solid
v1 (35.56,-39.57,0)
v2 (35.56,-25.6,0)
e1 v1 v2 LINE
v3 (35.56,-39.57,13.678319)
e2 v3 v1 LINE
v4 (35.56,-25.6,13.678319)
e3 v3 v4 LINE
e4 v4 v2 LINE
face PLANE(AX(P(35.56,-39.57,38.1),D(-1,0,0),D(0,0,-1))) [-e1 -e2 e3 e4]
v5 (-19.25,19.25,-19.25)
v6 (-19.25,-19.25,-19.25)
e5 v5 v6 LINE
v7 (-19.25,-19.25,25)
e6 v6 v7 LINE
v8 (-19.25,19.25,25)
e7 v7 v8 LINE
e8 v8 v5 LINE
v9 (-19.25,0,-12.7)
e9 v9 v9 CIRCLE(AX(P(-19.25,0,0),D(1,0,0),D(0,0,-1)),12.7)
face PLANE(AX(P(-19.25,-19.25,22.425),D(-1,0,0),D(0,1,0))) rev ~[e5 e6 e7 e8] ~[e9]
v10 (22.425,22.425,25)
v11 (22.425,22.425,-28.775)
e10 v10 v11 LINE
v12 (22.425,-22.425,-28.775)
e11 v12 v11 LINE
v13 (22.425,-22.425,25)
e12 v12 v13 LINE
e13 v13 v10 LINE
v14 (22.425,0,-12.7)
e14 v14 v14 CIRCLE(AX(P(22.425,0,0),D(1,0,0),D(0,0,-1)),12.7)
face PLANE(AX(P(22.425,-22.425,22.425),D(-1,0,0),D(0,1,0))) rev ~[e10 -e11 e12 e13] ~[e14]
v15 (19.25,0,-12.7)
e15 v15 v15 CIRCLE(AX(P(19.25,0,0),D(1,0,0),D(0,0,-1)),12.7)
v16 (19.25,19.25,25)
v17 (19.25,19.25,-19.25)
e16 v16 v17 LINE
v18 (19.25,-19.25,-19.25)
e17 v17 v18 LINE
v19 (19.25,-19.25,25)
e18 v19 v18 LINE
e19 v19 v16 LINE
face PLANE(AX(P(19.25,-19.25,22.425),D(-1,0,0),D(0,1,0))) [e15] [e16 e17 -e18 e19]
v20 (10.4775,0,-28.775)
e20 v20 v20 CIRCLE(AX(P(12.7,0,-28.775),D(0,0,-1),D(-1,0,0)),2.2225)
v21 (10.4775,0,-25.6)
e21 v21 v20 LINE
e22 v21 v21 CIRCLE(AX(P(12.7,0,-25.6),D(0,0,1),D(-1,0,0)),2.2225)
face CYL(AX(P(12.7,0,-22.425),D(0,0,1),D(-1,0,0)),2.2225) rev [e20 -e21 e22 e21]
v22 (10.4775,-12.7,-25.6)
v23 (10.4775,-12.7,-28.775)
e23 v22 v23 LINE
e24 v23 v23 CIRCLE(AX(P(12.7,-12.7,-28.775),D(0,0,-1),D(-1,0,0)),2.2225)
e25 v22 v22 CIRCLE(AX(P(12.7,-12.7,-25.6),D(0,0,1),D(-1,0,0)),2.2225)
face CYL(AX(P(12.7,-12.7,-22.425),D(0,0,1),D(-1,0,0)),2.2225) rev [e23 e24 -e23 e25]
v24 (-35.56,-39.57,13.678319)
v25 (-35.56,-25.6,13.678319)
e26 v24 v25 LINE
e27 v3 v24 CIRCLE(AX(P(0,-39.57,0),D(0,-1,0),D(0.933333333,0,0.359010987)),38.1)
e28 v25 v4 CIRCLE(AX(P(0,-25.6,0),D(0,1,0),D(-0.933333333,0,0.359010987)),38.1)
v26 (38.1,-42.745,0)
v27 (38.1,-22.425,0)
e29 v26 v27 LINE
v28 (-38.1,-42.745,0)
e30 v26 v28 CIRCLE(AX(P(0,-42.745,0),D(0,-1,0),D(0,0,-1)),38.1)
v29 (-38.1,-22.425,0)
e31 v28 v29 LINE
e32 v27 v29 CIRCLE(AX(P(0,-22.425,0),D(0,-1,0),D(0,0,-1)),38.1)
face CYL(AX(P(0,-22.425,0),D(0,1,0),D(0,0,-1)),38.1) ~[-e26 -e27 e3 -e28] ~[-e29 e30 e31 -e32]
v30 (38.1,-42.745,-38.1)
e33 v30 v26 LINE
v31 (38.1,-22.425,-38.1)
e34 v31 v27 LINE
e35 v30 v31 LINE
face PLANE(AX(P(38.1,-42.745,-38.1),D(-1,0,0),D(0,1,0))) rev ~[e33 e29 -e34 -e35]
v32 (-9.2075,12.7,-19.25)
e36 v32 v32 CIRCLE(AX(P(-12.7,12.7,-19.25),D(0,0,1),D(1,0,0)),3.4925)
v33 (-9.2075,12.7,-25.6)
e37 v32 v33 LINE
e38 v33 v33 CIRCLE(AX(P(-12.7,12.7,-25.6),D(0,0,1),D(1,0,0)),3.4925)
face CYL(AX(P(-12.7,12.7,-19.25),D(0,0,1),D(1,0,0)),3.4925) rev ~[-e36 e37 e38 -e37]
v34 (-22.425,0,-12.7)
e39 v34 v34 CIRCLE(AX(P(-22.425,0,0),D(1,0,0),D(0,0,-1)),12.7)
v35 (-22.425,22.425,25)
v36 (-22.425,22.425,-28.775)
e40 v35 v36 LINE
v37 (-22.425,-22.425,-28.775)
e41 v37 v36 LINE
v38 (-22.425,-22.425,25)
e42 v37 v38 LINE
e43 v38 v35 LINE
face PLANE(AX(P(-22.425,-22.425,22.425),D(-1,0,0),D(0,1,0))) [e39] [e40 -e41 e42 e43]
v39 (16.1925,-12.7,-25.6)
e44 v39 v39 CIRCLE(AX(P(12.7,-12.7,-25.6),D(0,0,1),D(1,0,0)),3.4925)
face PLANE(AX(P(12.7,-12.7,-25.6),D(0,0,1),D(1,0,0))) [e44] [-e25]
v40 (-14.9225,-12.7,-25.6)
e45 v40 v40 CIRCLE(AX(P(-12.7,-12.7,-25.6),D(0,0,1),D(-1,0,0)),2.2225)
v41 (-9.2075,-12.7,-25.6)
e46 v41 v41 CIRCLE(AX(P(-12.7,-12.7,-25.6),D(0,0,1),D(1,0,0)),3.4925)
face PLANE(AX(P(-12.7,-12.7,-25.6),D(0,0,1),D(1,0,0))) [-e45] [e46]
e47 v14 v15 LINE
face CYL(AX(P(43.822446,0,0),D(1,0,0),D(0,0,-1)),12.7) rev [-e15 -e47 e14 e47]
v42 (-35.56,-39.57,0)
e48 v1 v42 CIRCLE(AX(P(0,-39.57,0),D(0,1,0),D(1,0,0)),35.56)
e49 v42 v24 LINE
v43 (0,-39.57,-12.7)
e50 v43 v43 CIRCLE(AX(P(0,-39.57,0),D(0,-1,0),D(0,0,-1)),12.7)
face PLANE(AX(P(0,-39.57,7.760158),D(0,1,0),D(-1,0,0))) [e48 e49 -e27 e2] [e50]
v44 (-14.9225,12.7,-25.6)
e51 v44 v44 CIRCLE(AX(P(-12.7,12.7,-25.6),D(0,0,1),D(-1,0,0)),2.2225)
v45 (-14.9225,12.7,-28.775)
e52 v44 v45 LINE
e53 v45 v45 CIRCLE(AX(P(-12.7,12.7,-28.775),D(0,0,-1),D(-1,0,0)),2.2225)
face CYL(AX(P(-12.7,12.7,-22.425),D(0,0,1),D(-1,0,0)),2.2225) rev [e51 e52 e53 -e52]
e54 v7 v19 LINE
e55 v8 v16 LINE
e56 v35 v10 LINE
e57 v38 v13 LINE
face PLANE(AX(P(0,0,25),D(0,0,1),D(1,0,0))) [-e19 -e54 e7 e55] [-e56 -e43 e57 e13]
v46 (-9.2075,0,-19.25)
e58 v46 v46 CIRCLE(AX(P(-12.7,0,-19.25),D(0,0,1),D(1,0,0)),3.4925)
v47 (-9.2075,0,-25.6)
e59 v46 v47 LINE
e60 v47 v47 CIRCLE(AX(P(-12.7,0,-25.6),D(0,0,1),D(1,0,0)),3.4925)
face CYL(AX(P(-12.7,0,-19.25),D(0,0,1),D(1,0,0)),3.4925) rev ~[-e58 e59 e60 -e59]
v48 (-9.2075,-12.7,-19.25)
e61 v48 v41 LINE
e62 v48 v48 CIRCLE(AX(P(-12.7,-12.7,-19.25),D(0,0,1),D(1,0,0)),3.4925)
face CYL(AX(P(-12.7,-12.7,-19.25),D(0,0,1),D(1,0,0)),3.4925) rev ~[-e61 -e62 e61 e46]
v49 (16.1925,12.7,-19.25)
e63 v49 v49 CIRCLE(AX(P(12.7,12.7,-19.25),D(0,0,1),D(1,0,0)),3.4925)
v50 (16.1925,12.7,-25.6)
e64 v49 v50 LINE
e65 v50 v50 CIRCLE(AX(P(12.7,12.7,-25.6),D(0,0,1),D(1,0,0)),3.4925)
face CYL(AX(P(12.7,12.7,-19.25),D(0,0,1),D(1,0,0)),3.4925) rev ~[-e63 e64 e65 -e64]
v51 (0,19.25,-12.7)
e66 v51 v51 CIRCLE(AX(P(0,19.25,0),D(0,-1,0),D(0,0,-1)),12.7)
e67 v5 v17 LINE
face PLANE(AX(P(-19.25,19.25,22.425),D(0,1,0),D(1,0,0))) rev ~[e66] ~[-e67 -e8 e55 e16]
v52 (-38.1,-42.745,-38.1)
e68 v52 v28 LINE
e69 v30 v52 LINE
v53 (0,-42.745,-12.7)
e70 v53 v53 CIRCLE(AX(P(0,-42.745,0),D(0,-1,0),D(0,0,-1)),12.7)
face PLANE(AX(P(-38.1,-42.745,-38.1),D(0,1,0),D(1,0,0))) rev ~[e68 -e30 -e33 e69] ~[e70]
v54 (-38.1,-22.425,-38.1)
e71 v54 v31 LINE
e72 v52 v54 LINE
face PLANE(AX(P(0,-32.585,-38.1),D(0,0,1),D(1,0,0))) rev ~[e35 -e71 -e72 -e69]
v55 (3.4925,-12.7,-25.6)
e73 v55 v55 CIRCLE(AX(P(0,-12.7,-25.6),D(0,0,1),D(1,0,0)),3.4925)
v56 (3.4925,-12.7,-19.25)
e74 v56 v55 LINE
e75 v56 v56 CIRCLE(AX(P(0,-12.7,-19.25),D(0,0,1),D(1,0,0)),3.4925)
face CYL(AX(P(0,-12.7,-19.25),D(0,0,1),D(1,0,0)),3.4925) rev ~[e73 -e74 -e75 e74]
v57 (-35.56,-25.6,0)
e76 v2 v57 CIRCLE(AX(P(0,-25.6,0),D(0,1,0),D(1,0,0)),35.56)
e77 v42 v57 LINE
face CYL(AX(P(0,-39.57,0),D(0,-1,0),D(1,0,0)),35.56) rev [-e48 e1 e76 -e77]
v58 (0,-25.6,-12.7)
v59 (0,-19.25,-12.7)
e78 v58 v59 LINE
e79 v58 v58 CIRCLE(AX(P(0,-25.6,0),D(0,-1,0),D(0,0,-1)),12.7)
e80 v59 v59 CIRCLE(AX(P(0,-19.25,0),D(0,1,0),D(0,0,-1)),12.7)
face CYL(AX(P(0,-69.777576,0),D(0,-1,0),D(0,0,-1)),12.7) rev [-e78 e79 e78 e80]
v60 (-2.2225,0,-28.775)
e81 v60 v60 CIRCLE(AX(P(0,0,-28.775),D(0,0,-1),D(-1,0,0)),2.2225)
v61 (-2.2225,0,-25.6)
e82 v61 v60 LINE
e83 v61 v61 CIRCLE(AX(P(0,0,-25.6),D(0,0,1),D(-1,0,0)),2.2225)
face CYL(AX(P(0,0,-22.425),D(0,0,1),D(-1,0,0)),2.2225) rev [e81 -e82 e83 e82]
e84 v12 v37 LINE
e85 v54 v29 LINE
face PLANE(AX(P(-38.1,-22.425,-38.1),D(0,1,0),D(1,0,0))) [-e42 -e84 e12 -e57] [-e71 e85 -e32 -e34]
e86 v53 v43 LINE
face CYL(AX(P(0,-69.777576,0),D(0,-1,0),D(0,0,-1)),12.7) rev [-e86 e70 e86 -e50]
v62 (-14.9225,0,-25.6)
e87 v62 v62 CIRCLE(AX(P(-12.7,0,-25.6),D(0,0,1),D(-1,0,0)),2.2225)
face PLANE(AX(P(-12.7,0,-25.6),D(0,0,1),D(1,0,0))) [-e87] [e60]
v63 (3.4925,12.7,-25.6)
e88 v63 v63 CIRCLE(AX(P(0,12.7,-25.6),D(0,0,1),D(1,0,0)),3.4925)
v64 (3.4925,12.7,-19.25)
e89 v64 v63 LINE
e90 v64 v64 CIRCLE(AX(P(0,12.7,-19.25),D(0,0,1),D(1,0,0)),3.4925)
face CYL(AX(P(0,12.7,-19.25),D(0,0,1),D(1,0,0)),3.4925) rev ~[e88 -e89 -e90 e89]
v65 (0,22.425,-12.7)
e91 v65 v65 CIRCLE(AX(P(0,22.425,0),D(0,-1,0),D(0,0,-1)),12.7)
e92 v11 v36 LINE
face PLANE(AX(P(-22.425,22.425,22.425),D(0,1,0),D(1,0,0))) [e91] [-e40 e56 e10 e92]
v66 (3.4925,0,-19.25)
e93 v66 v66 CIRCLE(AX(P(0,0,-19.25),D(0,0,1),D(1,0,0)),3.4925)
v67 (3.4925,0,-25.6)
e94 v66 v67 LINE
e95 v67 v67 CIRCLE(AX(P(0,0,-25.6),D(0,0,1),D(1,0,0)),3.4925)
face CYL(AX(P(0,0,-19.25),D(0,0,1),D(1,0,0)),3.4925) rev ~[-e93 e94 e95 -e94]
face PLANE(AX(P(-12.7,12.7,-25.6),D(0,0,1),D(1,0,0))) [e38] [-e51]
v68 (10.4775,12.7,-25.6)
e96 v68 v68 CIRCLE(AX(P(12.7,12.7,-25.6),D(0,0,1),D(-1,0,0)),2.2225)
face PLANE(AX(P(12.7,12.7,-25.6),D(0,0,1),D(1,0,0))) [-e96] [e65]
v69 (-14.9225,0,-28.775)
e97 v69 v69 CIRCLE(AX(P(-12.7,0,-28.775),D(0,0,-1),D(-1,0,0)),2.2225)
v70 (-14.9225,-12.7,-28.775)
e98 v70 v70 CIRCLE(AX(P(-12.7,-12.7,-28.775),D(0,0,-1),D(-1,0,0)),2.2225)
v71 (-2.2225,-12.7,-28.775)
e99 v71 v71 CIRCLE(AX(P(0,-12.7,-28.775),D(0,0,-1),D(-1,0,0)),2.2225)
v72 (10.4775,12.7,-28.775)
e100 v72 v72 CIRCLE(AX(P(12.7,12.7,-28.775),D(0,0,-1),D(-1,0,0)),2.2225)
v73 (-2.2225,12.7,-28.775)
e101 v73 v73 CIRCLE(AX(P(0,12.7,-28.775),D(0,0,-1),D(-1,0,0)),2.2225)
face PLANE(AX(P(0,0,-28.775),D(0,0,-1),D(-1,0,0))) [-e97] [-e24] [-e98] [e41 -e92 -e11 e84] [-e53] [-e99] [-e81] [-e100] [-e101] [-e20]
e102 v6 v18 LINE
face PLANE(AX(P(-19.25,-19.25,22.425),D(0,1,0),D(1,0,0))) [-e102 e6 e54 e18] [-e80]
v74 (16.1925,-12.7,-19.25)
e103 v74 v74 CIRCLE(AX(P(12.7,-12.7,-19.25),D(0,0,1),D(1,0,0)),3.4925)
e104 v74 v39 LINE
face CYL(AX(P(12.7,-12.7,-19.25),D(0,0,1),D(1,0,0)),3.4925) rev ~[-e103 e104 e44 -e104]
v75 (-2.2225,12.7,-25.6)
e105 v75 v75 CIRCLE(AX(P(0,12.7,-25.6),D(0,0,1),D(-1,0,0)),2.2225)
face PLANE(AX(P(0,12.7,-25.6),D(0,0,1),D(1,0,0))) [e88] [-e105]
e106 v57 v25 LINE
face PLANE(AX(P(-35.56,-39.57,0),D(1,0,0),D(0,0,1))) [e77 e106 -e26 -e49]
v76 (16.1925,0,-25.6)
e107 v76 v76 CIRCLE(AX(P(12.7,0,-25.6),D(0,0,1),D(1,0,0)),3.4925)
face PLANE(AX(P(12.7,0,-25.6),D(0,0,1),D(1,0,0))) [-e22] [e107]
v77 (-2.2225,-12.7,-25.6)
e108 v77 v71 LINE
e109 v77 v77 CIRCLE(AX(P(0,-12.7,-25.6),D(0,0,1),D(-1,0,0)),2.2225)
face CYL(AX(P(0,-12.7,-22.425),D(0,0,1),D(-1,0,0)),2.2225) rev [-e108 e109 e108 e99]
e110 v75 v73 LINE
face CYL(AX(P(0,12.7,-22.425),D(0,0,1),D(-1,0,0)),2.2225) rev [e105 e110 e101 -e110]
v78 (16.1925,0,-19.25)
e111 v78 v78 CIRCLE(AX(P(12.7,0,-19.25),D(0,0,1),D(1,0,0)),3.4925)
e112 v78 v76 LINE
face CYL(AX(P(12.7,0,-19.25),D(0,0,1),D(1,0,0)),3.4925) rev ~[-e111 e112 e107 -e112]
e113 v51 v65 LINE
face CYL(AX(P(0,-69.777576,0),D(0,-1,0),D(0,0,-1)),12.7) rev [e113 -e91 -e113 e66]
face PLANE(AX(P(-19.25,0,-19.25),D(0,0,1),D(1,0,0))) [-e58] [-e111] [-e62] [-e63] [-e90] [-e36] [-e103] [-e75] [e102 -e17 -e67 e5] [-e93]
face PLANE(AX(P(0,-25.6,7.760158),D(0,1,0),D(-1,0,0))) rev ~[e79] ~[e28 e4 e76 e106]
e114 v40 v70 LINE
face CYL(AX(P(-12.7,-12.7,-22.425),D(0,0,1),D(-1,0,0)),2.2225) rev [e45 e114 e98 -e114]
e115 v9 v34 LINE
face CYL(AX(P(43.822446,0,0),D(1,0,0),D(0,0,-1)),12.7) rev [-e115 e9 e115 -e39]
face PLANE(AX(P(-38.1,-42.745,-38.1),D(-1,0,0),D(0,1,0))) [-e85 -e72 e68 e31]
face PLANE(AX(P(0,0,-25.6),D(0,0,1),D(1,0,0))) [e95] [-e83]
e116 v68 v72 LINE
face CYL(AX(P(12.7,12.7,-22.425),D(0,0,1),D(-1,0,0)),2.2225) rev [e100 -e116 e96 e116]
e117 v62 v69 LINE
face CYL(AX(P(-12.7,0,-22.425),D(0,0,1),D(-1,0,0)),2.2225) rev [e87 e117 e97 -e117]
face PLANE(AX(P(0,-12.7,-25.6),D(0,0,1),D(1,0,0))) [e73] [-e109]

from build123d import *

# Parameters (mm, degrees)
SKETCH1_W                 = 44.85
SKETCH1_H                 = 44.85
SKETCH1_W_2               = 38.5
SKETCH1_H_2               = 38.5
BOSS_EXTRUDE1_DEPTH       = 19.25
SKETCH2_W                 = 44.85
SKETCH2_H                 = 44.85
BOSS_EXTRUDE2_DEPTH       = 3.175
SKETCH3_W                 = 44.85
SKETCH3_H                 = 44.85
BOSS_EXTRUDE3_DEPTH       = 3.175
SKETCH5_R                 = 12.7
CUT_EXTRUDE1_DEPTH        = 3.175
SKETCH8_W                 = 44.85
SKETCH8_H                 = 44.85
SKETCH8_R                 = 2.2225
BOSS_EXTRUDE4_DEPTH       = 6.35
SKETCH9_R                 = 3.4925
CUT_EXTRUDE4_DEPTH        = 6.35
CUT_EXTRUDE5_REACH        = 62.226
SKETCH10_W                = 38.5
SKETCH10_H                = 38.5
SKETCH15_W                = 44.85
SKETCH15_H                = 44.85
SKETCH15_W_2              = 38.5
SKETCH15_H_2              = 38.5
BOSS_EXTRUDE8_DEPTH       = 2.575
CUT_EXTRUDE3_DEPTH        = 43.822445925
CUT_EXTRUDE3_DEPTH_BACK   = 43.822445925
SKETCH7_R                 = 12.7
SKETCH16_R                = 38.1
BOSS_EXTRUDE9_DEPTH       = 20.32
CUT_EXTRUDE2_DEPTH        = 69.777576469
CUT_EXTRUDE2_DEPTH_BACK   = 69.777576469
SKETCH6_R                 = 12.7
CUT_EXTRUDE6_START        = -3.175
CUT_EXTRUDE6_DEPTH        = 13.97
BOSS_EXTRUDE10_REACH      = 108.878
BOSS_EXTRUDE10_END_RADIUS = 38.1
BOSS_EXTRUDE10_START      = -38.1
SKETCH18_W                = 76.2
SKETCH18_H                = 20.32


with BuildPart() as part:
    # Sketch1 → Boss-Extrude1 (new, symmetric)
    with BuildSketch(Plane(origin=(0, 0, 0), x_dir=(1, 0, 0), z_dir=(0, 1, 0))):
        Rectangle(SKETCH1_W, SKETCH1_H)
        Rectangle(SKETCH1_W_2, SKETCH1_H_2, mode=Mode.SUBTRACT)
    extrude(amount=BOSS_EXTRUDE1_DEPTH, both=True)

    # Sketch2 → Boss-Extrude2 (add)
    with BuildSketch(Plane(origin=(0, 19.25, 0), x_dir=(1, 0, 0), z_dir=(0, 1, 0))):
        Rectangle(SKETCH2_W, SKETCH2_H)
    extrude(amount=BOSS_EXTRUDE2_DEPTH)

    # Sketch3 → Boss-Extrude3 (add)
    with BuildSketch(Plane.XZ.offset(19.25)):
        Rectangle(SKETCH3_W, SKETCH3_H)
    extrude(amount=BOSS_EXTRUDE3_DEPTH)

    # Sketch5 → Cut-Extrude1 (cut)
    with BuildSketch(Plane(origin=(0, -22.425, -22.425), x_dir=(1, 0, 0), z_dir=(0, 1, 0))):
        with Locations(Location((0, -22.425, 0), (0, 0, 90))):
            Circle(SKETCH5_R)
    extrude(amount=CUT_EXTRUDE1_DEPTH, mode=Mode.SUBTRACT)

    # Sketch8 → Boss-Extrude4 (add)
    with BuildSketch(Plane(origin=(0, 0, -22.425), x_dir=(-1, 0, 0), z_dir=(0, 0, -1))):
        Rectangle(SKETCH8_W, SKETCH8_H)
        with Locations((-12.7, 12.7)):
            Circle(SKETCH8_R, mode=Mode.SUBTRACT)
        with Locations((0, 12.7)):
            Circle(SKETCH8_R, mode=Mode.SUBTRACT)
        with Locations((12.7, 12.7)):
            Circle(SKETCH8_R, mode=Mode.SUBTRACT)
        Circle(SKETCH8_R, mode=Mode.SUBTRACT)
        with Locations((12.7, 0)):
            Circle(SKETCH8_R, mode=Mode.SUBTRACT)
        with Locations((0, -12.7)):
            Circle(SKETCH8_R, mode=Mode.SUBTRACT)
        with Locations((12.7, -12.7)):
            Circle(SKETCH8_R, mode=Mode.SUBTRACT)
        with Locations((-12.7, 0)):
            Circle(SKETCH8_R, mode=Mode.SUBTRACT)
        with Locations((-12.7, -12.7)):
            Circle(SKETCH8_R, mode=Mode.SUBTRACT)
    extrude(amount=BOSS_EXTRUDE4_DEPTH)

    # Sketch9 → Cut-Extrude4 (cut)
    with BuildSketch(Plane.XY.offset(-19.25)):
        with Locations((12.7, 12.7)):
            Circle(SKETCH9_R)
        with Locations((0, 12.7)):
            Circle(SKETCH9_R)
        with Locations((-12.7, 12.7)):
            Circle(SKETCH9_R)
        Circle(SKETCH9_R)
        with Locations((-12.7, 0)):
            Circle(SKETCH9_R)
        with Locations((0, -12.7)):
            Circle(SKETCH9_R)
        with Locations((-12.7, -12.7)):
            Circle(SKETCH9_R)
        with Locations((12.7, 0)):
            Circle(SKETCH9_R)
        with Locations((12.7, -12.7)):
            Circle(SKETCH9_R)
    extrude(amount=-CUT_EXTRUDE4_DEPTH, mode=Mode.SUBTRACT)

    # Sketch10 → Cut-Extrude5 (cut, up to next)
    with BuildSketch(Plane.XY.offset(22.425), mode=Mode.PRIVATE) as cut_extrude5_sk1:
        Rectangle(SKETCH10_W, SKETCH10_H)
    cut_extrude5_tool1 = extrude(cut_extrude5_sk1.sketch, amount=-CUT_EXTRUDE5_REACH, mode=Mode.PRIVATE) & part.part
    add(cut_extrude5_tool1.solids().sort_by_distance((0, 0, 22.425))[0], mode=Mode.SUBTRACT)

    # Sketch15 → Boss-Extrude8 (add)
    with BuildSketch(Plane.XY.offset(22.425)):
        Rectangle(SKETCH15_W, SKETCH15_H)
        Rectangle(SKETCH15_W_2, SKETCH15_H_2, mode=Mode.SUBTRACT)
    extrude(amount=BOSS_EXTRUDE8_DEPTH)

    # Sketch7 → Cut-Extrude3 (cut, two sides: drawn at the far end of the back side and taken through both)
    with BuildSketch(Plane.ZY.offset(-CUT_EXTRUDE3_DEPTH_BACK)):
        with Locations(Location((0, 0, 0), (0, 0, 180))):
            Circle(SKETCH7_R)
    extrude(amount=CUT_EXTRUDE3_DEPTH + CUT_EXTRUDE3_DEPTH_BACK, mode=Mode.SUBTRACT)

    # Sketch16 → Boss-Extrude9 (add)
    with BuildSketch(Plane.XZ.offset(22.425)):
        with Locations(Location((0, 0, 0), (0, 0, 270))):
            Circle(SKETCH16_R)
    extrude(amount=BOSS_EXTRUDE9_DEPTH)

    # Sketch6 → Cut-Extrude2 (cut, two sides: drawn at the far end of the back side and taken through both)
    with BuildSketch(Plane(origin=(0, 0, 0), x_dir=(1, 0, 0), z_dir=(0, 1, 0)).offset(-CUT_EXTRUDE2_DEPTH_BACK)):
        with Locations(Location((0, 0, 0), (0, 0, 90))):
            Circle(SKETCH6_R)
    extrude(amount=CUT_EXTRUDE2_DEPTH + CUT_EXTRUDE2_DEPTH_BACK, mode=Mode.SUBTRACT)

    # Sketch17 → Cut-Extrude6 (cut)
    with BuildSketch(Plane.XZ.offset(42.745).offset(CUT_EXTRUDE6_START)):
        with BuildLine():
            Line((-35.56, 0), (-35.56, 38.1))
            Line((-35.56, 38.1), (35.56, 38.1))
            Line((35.56, 38.1), (35.56, 0))
            ThreePointArc((35.56, 0), (0, -35.56), (-35.56, 0))
        make_face()
    extrude(amount=-CUT_EXTRUDE6_DEPTH, mode=Mode.SUBTRACT)

    # Boss-Extrude10: up to this cylinder (the profile starts outside it)
    boss_extrude10_end = Plane(origin=(0, -32.585, 0), z_dir=(0, 1, 0)) * Cylinder(BOSS_EXTRUDE10_END_RADIUS, 294.956, mode=Mode.PRIVATE)
    # Sketch18 → Boss-Extrude10 (add, up to the surface)
    with BuildSketch(Plane.XY.offset(BOSS_EXTRUDE10_START), mode=Mode.PRIVATE) as boss_extrude10_sk1:
        with Locations((0, -32.585)):
            Rectangle(SKETCH18_W, SKETCH18_H)
    boss_extrude10_tool1 = extrude(boss_extrude10_sk1.sketch, amount=BOSS_EXTRUDE10_REACH, mode=Mode.PRIVATE) - boss_extrude10_end
    add(boss_extrude10_tool1.solids().sort_by_distance((0, -32.585, -38.1))[0])
    add(boss_extrude10_tool1.solids().sort_by_distance((0, -32.585, -38.1))[1])


solid = part.part
